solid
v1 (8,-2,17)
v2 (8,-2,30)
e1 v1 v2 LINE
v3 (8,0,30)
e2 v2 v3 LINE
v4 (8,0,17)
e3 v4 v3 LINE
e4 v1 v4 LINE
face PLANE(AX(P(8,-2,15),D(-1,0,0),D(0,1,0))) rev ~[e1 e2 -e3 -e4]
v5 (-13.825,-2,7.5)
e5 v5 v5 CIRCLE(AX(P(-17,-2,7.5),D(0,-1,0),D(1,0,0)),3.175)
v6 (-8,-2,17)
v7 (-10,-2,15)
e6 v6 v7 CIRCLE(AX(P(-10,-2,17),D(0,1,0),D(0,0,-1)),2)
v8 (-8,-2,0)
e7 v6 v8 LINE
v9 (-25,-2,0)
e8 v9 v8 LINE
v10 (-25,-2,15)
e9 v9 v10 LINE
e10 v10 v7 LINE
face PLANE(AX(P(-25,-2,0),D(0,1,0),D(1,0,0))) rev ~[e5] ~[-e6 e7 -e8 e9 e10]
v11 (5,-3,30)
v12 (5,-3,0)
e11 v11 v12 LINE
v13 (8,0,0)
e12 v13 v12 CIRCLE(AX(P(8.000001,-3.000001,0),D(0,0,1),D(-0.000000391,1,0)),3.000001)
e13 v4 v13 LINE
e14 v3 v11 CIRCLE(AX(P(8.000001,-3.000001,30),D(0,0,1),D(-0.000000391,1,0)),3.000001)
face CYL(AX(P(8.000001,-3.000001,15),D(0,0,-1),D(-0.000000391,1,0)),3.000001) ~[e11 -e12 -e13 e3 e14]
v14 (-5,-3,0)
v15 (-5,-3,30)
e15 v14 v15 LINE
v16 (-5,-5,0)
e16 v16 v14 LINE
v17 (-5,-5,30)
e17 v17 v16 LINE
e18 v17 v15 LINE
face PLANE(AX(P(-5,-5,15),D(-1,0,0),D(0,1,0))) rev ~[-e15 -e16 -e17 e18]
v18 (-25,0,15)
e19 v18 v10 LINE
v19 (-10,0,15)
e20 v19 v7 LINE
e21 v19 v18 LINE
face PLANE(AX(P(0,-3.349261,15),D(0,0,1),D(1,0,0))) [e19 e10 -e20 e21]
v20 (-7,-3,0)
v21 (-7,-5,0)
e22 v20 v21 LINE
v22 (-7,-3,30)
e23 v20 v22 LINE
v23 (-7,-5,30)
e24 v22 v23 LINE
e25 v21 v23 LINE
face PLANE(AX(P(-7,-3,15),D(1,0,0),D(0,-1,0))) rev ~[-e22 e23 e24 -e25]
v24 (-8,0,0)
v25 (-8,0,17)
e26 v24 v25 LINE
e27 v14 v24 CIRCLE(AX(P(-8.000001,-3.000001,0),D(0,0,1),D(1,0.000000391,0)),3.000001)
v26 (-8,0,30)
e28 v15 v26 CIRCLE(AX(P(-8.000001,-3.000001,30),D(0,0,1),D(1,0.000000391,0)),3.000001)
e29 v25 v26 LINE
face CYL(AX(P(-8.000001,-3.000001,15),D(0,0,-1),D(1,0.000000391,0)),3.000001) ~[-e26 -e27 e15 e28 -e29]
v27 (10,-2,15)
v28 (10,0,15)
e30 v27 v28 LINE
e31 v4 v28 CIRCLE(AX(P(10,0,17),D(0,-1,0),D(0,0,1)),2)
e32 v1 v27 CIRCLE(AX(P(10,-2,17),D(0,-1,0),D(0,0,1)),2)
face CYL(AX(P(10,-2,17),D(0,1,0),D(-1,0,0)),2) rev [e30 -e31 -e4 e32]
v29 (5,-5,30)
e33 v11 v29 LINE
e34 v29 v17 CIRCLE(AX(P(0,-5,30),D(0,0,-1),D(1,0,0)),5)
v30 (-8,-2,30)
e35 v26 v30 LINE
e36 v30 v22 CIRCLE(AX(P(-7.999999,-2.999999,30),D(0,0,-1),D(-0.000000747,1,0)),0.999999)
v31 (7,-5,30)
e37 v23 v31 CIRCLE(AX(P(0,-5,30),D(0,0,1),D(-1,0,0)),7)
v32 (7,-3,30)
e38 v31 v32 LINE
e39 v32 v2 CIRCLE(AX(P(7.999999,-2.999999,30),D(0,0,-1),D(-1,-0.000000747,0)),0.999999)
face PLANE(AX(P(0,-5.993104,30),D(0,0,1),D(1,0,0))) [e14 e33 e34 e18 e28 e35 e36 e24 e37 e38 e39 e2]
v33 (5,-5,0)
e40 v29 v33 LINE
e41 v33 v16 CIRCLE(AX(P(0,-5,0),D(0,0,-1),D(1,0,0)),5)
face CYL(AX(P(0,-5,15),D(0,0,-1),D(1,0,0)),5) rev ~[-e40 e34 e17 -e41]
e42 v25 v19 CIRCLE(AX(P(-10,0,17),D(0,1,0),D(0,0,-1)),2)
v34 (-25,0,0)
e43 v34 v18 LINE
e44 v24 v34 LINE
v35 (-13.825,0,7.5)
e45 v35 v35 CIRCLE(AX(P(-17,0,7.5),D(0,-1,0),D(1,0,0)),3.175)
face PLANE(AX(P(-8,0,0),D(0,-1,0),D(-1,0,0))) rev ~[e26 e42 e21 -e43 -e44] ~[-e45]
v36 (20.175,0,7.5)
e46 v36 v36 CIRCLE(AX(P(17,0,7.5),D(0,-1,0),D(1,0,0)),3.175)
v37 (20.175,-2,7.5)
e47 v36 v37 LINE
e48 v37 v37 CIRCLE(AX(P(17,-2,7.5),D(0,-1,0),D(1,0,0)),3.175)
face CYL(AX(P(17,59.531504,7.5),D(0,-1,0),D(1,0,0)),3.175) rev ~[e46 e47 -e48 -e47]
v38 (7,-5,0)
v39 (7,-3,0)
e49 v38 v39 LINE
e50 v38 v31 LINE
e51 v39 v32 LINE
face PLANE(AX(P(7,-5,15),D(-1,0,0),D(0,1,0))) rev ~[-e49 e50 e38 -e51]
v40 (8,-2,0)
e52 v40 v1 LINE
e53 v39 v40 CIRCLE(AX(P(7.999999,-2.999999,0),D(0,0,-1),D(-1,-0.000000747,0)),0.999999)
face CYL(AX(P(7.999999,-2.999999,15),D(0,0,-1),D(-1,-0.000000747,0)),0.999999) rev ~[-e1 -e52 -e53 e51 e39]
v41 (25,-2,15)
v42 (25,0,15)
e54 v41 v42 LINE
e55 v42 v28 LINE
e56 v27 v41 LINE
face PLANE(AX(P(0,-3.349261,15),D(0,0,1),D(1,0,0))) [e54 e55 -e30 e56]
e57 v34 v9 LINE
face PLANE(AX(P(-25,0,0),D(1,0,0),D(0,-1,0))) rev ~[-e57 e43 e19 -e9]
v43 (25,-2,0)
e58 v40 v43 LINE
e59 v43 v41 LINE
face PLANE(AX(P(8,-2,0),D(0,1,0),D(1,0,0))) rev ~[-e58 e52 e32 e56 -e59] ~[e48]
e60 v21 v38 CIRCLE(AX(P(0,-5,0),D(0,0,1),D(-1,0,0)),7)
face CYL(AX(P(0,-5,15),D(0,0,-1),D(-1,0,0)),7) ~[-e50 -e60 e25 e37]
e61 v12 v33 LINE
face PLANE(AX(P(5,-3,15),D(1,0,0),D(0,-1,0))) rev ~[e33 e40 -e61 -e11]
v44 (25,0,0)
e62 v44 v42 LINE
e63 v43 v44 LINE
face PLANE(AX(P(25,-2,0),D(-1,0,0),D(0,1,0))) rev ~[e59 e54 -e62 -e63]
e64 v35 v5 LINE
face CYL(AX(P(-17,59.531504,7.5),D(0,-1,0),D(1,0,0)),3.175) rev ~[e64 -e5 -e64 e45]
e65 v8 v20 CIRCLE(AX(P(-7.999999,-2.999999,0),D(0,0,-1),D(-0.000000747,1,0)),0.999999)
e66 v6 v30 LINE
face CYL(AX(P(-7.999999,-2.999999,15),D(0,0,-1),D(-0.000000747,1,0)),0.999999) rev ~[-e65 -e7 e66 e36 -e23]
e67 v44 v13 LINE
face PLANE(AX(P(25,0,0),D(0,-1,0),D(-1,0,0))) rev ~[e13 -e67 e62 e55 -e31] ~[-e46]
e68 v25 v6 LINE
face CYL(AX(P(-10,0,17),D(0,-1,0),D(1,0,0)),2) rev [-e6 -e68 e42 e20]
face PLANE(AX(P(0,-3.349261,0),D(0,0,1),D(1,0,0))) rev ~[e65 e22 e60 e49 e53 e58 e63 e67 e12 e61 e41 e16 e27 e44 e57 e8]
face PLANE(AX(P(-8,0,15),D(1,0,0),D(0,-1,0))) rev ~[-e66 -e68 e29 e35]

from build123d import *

# Parameters (mm, degrees)
F1_DEPTH = 15
F3_DEPTH = 15
F4_R     = 2
F6_D     = 6.35


with BuildPart() as f1:
    # F0 (on Top) → F1 (new body)
    with BuildSketch(Plane.XY):
        with BuildLine():
            Line((-8, 0), (-25, 0))
            Line((-25, 0), (-25, -2))
            Line((-25, -2), (-8, -2))
            ThreePointArc((-8, -2), (-7.292893, -2.292893), (-7, -3))
            Line((-7, -3), (-7, -5))
            ThreePointArc((-7, -5), (0, -12), (7, -5))
            Line((7, -5), (7, -3))
            ThreePointArc((7, -3), (7.292893, -2.292893), (8, -2))
            Line((8, -2), (25, -2))
            Line((25, -2), (25, 0))
            Line((25, 0), (8, 0))
            ThreePointArc((8, 0), (5.87868, -0.87868), (5, -3))
            Line((5, -3), (5, -5))
            ThreePointArc((5, -5), (0, -10), (-5, -5))
            Line((-5, -5), (-5, -3))
            ThreePointArc((-5, -3), (-5.87868, -0.87868), (-8, 0))
        make_face()
    extrude(amount=F1_DEPTH)

    # F2 (on face) → F3 (join)
    with BuildSketch(Plane.XY.offset(15)):
        with BuildLine():
            Line((-5, -5), (-5, -3))
            ThreePointArc((-5, -3), (-5.87868, -0.87868), (-8, 0))
            Line((-8, 0), (-8, -2))
            ThreePointArc((-8, -2), (-7.292893, -2.292893), (-7, -3))
            Line((-7, -3), (-7, -5))
            ThreePointArc((-7, -5), (0, -12), (7, -5))
            Line((7, -5), (7, -3))
            ThreePointArc((7, -3), (7.292893, -2.292893), (8, -2))
            Line((8, -2), (8, 0))
            ThreePointArc((8, 0), (5.87868, -0.87868), (5, -3))
            Line((5, -3), (5, -5))
            ThreePointArc((5, -5), (0, -10), (-5, -5))
        make_face()
    extrude(amount=F3_DEPTH)

    # F4
    f4_edges = [f1.edges().sort_by_distance(p)[0] for p in [
        (-8, -1, 15),
        (8, -1, 15),
    ]]
    fillet(f4_edges, radius=F4_R)

    # F6 (through all)
    with Locations(Plane(origin=(0, 0, 0), x_dir=(-1, 0, 0), z_dir=(0, 1, 0))):
        with Locations((-17, 7.5), (17, 7.5)):
            Hole(F6_D / 2)


solid = f1.part
